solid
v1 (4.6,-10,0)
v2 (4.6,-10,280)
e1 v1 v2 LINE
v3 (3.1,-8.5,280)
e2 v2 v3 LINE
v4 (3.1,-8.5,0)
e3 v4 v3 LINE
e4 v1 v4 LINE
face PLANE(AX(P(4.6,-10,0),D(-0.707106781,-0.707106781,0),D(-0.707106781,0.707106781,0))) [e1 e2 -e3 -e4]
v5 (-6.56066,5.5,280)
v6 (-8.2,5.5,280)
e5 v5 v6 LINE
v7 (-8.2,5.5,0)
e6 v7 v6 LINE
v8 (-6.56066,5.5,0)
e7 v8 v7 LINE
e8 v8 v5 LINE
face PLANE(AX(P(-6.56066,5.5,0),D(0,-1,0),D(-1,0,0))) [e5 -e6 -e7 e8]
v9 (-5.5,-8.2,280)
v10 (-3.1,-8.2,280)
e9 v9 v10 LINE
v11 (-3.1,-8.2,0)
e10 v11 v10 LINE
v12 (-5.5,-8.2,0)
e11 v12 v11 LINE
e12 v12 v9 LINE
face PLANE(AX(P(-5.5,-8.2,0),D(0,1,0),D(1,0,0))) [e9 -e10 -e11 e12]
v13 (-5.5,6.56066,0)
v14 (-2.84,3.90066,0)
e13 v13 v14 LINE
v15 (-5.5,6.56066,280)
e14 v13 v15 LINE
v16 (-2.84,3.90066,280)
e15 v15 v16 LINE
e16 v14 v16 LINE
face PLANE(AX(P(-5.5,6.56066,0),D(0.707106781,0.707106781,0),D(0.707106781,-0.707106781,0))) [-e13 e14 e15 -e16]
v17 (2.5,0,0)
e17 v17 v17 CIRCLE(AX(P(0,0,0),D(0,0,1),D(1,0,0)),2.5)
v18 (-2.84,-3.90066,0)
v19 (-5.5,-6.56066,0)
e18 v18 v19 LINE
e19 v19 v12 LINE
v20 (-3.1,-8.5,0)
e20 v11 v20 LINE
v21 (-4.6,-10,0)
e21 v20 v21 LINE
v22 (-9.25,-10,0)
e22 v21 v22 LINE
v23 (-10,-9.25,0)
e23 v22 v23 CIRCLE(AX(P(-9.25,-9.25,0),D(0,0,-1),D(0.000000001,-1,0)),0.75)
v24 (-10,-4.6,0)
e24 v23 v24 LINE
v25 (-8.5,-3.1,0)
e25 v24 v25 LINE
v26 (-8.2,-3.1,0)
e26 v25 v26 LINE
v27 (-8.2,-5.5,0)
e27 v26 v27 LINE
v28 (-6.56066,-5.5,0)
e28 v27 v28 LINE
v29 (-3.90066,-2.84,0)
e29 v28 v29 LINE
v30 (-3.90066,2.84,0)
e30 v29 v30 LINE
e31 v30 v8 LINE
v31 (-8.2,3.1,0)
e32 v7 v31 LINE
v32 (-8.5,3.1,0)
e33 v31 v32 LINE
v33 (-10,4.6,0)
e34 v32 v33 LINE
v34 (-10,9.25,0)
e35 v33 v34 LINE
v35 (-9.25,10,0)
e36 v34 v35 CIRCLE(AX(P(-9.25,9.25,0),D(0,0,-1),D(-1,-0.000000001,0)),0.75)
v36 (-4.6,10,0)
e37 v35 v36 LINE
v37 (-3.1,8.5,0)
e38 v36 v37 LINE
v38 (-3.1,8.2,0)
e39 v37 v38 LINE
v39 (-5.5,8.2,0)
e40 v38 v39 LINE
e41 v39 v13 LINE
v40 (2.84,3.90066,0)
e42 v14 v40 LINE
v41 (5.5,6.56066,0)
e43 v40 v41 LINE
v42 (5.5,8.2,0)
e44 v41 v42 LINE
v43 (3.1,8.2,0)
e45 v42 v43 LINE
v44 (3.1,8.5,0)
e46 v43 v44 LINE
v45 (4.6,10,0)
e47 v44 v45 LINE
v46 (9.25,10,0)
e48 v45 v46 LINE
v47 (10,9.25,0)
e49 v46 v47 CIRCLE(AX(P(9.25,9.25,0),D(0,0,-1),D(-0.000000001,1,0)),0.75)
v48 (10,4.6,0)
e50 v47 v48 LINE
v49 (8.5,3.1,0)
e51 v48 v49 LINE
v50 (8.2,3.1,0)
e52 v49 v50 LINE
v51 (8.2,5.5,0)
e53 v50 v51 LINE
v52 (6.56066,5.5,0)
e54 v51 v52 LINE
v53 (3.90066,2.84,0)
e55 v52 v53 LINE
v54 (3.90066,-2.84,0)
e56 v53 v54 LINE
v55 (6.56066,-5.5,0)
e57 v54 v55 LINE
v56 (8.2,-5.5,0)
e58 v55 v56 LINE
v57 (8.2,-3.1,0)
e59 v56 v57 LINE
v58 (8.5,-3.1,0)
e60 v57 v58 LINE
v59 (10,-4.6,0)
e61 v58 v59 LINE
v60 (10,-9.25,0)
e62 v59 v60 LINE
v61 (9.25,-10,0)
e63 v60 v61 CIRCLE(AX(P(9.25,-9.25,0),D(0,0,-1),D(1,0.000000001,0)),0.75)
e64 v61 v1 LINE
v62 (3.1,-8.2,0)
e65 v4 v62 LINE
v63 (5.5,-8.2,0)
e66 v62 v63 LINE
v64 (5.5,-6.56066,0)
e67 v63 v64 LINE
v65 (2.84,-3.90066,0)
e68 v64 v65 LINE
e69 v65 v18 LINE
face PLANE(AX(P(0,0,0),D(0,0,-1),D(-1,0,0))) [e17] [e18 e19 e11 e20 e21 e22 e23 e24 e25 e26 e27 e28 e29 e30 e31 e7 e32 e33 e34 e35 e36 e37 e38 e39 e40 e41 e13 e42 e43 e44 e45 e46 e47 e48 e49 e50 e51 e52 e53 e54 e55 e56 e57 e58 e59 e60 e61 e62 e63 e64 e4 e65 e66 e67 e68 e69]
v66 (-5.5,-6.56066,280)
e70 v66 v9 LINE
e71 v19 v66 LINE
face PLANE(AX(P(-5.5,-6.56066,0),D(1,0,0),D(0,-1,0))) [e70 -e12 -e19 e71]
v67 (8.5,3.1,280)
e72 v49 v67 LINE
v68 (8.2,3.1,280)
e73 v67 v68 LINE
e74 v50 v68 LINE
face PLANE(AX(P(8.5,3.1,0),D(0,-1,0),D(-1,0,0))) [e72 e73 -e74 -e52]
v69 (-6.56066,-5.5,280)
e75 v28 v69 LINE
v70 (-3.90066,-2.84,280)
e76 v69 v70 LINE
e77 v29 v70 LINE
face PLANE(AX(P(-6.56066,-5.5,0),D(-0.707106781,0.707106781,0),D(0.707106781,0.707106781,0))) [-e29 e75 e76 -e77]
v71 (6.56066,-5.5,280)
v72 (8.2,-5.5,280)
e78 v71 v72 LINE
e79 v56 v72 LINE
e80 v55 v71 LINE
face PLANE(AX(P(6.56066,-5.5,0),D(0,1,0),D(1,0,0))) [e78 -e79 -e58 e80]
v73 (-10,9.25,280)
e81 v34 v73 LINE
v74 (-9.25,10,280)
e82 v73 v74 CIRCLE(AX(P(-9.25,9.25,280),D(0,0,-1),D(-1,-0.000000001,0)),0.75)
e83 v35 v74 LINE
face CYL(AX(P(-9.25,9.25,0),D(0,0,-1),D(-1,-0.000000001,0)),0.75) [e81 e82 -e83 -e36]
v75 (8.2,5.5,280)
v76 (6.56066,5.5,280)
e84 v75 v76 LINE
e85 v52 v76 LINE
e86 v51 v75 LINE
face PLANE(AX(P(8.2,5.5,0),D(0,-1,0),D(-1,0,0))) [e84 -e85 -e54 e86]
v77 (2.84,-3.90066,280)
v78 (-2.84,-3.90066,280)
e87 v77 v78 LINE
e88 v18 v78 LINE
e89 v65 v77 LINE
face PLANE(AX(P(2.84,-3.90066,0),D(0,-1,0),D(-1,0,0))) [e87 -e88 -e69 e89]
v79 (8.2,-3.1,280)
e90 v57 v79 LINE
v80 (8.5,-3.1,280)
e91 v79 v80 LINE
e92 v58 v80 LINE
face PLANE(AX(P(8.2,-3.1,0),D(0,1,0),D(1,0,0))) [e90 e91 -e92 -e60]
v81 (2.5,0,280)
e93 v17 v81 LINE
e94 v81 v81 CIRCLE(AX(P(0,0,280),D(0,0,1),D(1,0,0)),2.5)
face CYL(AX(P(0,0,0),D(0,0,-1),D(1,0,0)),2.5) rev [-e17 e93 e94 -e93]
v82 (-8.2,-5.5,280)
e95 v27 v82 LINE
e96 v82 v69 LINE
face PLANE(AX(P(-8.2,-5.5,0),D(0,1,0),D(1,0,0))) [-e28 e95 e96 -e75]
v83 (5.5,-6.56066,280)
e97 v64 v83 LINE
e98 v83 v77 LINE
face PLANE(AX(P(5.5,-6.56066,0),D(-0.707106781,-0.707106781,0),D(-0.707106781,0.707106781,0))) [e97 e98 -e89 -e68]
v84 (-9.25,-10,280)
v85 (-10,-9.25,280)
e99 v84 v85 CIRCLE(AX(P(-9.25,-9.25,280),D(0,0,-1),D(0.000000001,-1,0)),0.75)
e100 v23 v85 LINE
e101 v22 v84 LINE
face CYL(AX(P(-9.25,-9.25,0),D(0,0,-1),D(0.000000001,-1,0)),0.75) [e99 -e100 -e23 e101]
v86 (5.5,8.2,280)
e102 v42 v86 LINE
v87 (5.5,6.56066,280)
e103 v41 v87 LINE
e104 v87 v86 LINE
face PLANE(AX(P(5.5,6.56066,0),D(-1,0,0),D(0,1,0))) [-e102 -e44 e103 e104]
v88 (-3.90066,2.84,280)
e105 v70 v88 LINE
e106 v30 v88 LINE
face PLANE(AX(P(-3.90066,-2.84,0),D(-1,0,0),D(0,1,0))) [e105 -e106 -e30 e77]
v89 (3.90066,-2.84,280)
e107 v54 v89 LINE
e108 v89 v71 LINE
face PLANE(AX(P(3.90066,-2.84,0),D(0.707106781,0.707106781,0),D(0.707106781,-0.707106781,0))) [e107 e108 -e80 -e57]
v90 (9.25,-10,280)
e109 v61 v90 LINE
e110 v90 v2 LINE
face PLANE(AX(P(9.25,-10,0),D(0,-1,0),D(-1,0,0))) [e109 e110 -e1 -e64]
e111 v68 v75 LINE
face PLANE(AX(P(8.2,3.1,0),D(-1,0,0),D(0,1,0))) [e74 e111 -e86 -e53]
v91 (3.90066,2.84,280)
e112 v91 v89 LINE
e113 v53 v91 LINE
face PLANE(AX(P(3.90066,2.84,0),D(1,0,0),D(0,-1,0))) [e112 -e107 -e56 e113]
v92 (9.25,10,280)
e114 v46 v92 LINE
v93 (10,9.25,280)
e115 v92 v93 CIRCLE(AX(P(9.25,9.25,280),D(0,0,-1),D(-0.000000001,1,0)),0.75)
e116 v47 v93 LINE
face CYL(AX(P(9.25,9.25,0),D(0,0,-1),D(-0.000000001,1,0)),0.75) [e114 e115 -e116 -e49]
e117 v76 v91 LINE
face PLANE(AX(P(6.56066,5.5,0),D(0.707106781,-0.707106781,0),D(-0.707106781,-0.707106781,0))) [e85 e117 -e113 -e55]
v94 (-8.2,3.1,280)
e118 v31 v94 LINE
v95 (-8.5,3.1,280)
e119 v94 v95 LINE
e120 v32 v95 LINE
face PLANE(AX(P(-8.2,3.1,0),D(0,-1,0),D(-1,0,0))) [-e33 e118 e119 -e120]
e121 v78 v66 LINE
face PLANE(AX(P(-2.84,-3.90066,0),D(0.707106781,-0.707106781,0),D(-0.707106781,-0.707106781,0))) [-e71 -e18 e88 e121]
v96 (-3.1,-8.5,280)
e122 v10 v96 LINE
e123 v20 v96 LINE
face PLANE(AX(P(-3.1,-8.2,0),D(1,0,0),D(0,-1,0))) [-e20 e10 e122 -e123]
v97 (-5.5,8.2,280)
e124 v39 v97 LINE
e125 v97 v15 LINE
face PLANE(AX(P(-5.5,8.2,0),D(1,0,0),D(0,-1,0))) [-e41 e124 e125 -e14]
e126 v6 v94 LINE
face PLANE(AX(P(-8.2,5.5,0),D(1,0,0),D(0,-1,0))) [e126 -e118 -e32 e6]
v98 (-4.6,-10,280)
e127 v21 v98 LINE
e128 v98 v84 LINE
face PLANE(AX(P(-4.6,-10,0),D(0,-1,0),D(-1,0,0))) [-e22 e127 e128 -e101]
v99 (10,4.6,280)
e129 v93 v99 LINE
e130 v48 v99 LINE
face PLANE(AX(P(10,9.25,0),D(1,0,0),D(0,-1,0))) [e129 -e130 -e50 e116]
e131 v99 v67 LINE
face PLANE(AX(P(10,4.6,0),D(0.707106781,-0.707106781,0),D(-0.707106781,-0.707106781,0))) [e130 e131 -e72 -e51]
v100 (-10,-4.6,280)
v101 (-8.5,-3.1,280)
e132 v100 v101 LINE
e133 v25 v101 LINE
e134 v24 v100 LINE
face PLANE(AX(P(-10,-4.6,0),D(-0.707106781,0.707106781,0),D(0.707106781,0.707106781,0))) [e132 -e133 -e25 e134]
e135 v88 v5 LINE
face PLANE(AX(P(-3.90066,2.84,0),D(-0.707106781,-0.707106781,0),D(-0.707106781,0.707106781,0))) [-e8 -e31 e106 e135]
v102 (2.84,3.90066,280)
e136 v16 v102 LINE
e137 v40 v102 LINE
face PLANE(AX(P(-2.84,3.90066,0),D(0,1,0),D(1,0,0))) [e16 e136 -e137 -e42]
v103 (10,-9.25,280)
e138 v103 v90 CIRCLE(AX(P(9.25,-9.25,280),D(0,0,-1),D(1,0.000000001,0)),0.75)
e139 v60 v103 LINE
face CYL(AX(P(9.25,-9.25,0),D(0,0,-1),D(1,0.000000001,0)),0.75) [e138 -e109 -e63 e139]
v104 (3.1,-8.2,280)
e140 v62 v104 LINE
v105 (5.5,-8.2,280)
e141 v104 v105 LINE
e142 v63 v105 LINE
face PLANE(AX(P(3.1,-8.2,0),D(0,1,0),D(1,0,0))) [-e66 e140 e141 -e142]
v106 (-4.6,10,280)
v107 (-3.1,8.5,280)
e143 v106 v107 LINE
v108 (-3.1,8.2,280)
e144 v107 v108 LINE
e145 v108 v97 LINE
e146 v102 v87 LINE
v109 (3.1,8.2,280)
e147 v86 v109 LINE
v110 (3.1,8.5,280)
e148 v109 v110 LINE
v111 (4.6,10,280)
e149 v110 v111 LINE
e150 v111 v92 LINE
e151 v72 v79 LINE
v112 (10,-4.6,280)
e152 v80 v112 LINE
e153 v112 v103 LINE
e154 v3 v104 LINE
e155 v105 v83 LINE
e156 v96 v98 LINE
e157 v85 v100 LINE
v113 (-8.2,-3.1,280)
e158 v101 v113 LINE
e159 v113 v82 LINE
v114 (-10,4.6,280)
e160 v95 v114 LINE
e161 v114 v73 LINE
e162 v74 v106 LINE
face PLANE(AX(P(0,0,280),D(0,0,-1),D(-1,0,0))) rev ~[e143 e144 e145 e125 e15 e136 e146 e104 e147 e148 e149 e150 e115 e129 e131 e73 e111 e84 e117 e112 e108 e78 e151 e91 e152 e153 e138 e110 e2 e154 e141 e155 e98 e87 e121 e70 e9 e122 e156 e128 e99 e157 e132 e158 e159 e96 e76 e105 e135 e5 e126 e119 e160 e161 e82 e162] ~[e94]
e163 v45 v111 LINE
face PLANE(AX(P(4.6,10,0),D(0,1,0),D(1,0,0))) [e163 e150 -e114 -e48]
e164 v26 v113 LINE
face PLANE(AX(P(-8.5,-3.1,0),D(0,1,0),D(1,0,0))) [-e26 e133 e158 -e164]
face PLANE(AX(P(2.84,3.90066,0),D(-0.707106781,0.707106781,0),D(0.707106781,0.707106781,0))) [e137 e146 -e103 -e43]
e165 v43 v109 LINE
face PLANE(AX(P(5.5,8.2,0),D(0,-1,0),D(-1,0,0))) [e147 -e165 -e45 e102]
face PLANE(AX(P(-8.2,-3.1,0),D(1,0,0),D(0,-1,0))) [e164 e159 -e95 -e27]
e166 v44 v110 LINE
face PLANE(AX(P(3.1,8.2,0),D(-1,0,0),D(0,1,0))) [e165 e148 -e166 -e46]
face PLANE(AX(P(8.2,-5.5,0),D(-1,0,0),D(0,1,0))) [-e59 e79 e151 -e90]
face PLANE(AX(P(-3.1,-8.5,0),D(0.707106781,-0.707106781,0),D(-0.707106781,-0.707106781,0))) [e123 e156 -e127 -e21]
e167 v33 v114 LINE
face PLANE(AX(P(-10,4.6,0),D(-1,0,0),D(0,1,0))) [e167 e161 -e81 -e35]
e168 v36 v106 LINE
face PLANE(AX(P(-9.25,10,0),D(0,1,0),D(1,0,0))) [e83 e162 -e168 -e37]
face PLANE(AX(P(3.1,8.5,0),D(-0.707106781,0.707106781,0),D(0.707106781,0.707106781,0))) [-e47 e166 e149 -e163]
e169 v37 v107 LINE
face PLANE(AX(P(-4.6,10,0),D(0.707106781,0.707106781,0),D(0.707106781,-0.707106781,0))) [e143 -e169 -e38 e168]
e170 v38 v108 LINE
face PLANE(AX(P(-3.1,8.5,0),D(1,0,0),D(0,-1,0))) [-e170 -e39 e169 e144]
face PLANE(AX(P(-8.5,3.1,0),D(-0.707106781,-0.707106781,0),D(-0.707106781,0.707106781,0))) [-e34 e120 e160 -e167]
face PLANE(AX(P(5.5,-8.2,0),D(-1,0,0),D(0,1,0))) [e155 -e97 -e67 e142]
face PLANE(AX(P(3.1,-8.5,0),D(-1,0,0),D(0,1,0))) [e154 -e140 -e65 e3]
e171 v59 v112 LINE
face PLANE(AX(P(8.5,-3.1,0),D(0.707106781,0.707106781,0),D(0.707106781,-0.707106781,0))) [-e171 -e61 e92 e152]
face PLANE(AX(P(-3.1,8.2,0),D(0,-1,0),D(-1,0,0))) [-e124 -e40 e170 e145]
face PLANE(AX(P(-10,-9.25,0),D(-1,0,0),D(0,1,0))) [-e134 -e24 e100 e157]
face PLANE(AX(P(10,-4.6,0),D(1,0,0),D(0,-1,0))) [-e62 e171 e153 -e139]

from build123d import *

# Parameters (mm, degrees)
CROQUIS1_R              = 2.5
SALIENTE_EXTRUIR1_DEPTH = 280


with BuildPart() as part:
    # Croquis1 → Saliente-Extruir1 (new body)
    with BuildSketch(Plane.XY):
        with BuildLine():
            Line((-4.6, 10), (-3.1, 8.5))
            Line((-3.1, 8.5), (-3.1, 8.2))
            Line((-3.1, 8.2), (-5.5, 8.2))
            Line((-5.5, 8.2), (-5.5, 6.560660172))
            Line((-5.5, 6.560660172), (-2.84, 3.900660172))
            Line((-2.84, 3.900660172), (0, 3.900660172))
            Line((0, 3.900660172), (2.84, 3.900660172))
            Line((2.84, 3.900660172), (5.5, 6.560660172))
            Line((5.5, 6.560660172), (5.5, 8.2))
            Line((5.5, 8.2), (3.1, 8.2))
            Line((3.1, 8.2), (3.1, 8.5))
            Line((3.1, 8.5), (4.6, 10))
            Line((4.6, 10), (9.25, 10))
            ThreePointArc((9.25, 10), (9.780330086, 9.780330086), (10, 9.25))
            Line((10, 9.25), (10, 4.6))
            Line((10, 4.6), (8.5, 3.1))
            Line((8.5, 3.1), (8.2, 3.1))
            Line((8.2, 3.1), (8.2, 5.5))
            Line((8.2, 5.5), (6.560660172, 5.5))
            Line((6.560660172, 5.5), (3.900660172, 2.84))
            Line((3.900660172, 2.84), (3.900660172, 0))
            Line((3.900660172, 0), (3.900660172, -2.84))
            Line((3.900660172, -2.84), (6.560660172, -5.5))
            Line((6.560660172, -5.5), (8.2, -5.5))
            Line((8.2, -5.5), (8.2, -3.1))
            Line((8.2, -3.1), (8.5, -3.1))
            Line((8.5, -3.1), (10, -4.6))
            Line((10, -4.6), (10, -9.25))
            ThreePointArc((10, -9.25), (9.780330086, -9.780330086), (9.25, -10))
            Line((9.25, -10), (4.6, -10))
            Line((4.6, -10), (3.1, -8.5))
            Line((3.1, -8.5), (3.1, -8.2))
            Line((3.1, -8.2), (5.5, -8.2))
            Line((5.5, -8.2), (5.5, -6.560660172))
            Line((5.5, -6.560660172), (2.84, -3.900660172))
            Line((2.84, -3.900660172), (0, -3.900660172))
            Line((0, -3.900660172), (-2.84, -3.900660172))
            Line((-2.84, -3.900660172), (-5.5, -6.560660172))
            Line((-5.5, -6.560660172), (-5.5, -8.2))
            Line((-5.5, -8.2), (-3.1, -8.2))
            Line((-3.1, -8.2), (-3.1, -8.5))
            Line((-3.1, -8.5), (-4.6, -10))
            Line((-4.6, -10), (-9.25, -10))
            ThreePointArc((-9.25, -10), (-9.780330086, -9.780330086), (-10, -9.25))
            Line((-10, -9.25), (-10, -4.6))
            Line((-10, -4.6), (-8.5, -3.1))
            Line((-8.5, -3.1), (-8.2, -3.1))
            Line((-8.2, -3.1), (-8.2, -5.5))
            Line((-8.2, -5.5), (-6.560660172, -5.5))
            Line((-6.560660172, -5.5), (-3.900660172, -2.84))
            Line((-3.900660172, -2.84), (-3.900660172, 0))
            Line((-3.900660172, 0), (-3.900660172, 2.84))
            Line((-3.900660172, 2.84), (-6.560660172, 5.5))
            Line((-6.560660172, 5.5), (-8.2, 5.5))
            Line((-8.2, 5.5), (-8.2, 3.1))
            Line((-8.2, 3.1), (-8.5, 3.1))
            Line((-8.5, 3.1), (-10, 4.6))
            Line((-10, 4.6), (-10, 9.25))
            ThreePointArc((-10, 9.25), (-9.780330086, 9.780330086), (-9.25, 10))
            Line((-9.25, 10), (-4.6, 10))
        make_face()
        Circle(CROQUIS1_R, mode=Mode.SUBTRACT)
    extrude(amount=SALIENTE_EXTRUIR1_DEPTH)


solid = part.part
